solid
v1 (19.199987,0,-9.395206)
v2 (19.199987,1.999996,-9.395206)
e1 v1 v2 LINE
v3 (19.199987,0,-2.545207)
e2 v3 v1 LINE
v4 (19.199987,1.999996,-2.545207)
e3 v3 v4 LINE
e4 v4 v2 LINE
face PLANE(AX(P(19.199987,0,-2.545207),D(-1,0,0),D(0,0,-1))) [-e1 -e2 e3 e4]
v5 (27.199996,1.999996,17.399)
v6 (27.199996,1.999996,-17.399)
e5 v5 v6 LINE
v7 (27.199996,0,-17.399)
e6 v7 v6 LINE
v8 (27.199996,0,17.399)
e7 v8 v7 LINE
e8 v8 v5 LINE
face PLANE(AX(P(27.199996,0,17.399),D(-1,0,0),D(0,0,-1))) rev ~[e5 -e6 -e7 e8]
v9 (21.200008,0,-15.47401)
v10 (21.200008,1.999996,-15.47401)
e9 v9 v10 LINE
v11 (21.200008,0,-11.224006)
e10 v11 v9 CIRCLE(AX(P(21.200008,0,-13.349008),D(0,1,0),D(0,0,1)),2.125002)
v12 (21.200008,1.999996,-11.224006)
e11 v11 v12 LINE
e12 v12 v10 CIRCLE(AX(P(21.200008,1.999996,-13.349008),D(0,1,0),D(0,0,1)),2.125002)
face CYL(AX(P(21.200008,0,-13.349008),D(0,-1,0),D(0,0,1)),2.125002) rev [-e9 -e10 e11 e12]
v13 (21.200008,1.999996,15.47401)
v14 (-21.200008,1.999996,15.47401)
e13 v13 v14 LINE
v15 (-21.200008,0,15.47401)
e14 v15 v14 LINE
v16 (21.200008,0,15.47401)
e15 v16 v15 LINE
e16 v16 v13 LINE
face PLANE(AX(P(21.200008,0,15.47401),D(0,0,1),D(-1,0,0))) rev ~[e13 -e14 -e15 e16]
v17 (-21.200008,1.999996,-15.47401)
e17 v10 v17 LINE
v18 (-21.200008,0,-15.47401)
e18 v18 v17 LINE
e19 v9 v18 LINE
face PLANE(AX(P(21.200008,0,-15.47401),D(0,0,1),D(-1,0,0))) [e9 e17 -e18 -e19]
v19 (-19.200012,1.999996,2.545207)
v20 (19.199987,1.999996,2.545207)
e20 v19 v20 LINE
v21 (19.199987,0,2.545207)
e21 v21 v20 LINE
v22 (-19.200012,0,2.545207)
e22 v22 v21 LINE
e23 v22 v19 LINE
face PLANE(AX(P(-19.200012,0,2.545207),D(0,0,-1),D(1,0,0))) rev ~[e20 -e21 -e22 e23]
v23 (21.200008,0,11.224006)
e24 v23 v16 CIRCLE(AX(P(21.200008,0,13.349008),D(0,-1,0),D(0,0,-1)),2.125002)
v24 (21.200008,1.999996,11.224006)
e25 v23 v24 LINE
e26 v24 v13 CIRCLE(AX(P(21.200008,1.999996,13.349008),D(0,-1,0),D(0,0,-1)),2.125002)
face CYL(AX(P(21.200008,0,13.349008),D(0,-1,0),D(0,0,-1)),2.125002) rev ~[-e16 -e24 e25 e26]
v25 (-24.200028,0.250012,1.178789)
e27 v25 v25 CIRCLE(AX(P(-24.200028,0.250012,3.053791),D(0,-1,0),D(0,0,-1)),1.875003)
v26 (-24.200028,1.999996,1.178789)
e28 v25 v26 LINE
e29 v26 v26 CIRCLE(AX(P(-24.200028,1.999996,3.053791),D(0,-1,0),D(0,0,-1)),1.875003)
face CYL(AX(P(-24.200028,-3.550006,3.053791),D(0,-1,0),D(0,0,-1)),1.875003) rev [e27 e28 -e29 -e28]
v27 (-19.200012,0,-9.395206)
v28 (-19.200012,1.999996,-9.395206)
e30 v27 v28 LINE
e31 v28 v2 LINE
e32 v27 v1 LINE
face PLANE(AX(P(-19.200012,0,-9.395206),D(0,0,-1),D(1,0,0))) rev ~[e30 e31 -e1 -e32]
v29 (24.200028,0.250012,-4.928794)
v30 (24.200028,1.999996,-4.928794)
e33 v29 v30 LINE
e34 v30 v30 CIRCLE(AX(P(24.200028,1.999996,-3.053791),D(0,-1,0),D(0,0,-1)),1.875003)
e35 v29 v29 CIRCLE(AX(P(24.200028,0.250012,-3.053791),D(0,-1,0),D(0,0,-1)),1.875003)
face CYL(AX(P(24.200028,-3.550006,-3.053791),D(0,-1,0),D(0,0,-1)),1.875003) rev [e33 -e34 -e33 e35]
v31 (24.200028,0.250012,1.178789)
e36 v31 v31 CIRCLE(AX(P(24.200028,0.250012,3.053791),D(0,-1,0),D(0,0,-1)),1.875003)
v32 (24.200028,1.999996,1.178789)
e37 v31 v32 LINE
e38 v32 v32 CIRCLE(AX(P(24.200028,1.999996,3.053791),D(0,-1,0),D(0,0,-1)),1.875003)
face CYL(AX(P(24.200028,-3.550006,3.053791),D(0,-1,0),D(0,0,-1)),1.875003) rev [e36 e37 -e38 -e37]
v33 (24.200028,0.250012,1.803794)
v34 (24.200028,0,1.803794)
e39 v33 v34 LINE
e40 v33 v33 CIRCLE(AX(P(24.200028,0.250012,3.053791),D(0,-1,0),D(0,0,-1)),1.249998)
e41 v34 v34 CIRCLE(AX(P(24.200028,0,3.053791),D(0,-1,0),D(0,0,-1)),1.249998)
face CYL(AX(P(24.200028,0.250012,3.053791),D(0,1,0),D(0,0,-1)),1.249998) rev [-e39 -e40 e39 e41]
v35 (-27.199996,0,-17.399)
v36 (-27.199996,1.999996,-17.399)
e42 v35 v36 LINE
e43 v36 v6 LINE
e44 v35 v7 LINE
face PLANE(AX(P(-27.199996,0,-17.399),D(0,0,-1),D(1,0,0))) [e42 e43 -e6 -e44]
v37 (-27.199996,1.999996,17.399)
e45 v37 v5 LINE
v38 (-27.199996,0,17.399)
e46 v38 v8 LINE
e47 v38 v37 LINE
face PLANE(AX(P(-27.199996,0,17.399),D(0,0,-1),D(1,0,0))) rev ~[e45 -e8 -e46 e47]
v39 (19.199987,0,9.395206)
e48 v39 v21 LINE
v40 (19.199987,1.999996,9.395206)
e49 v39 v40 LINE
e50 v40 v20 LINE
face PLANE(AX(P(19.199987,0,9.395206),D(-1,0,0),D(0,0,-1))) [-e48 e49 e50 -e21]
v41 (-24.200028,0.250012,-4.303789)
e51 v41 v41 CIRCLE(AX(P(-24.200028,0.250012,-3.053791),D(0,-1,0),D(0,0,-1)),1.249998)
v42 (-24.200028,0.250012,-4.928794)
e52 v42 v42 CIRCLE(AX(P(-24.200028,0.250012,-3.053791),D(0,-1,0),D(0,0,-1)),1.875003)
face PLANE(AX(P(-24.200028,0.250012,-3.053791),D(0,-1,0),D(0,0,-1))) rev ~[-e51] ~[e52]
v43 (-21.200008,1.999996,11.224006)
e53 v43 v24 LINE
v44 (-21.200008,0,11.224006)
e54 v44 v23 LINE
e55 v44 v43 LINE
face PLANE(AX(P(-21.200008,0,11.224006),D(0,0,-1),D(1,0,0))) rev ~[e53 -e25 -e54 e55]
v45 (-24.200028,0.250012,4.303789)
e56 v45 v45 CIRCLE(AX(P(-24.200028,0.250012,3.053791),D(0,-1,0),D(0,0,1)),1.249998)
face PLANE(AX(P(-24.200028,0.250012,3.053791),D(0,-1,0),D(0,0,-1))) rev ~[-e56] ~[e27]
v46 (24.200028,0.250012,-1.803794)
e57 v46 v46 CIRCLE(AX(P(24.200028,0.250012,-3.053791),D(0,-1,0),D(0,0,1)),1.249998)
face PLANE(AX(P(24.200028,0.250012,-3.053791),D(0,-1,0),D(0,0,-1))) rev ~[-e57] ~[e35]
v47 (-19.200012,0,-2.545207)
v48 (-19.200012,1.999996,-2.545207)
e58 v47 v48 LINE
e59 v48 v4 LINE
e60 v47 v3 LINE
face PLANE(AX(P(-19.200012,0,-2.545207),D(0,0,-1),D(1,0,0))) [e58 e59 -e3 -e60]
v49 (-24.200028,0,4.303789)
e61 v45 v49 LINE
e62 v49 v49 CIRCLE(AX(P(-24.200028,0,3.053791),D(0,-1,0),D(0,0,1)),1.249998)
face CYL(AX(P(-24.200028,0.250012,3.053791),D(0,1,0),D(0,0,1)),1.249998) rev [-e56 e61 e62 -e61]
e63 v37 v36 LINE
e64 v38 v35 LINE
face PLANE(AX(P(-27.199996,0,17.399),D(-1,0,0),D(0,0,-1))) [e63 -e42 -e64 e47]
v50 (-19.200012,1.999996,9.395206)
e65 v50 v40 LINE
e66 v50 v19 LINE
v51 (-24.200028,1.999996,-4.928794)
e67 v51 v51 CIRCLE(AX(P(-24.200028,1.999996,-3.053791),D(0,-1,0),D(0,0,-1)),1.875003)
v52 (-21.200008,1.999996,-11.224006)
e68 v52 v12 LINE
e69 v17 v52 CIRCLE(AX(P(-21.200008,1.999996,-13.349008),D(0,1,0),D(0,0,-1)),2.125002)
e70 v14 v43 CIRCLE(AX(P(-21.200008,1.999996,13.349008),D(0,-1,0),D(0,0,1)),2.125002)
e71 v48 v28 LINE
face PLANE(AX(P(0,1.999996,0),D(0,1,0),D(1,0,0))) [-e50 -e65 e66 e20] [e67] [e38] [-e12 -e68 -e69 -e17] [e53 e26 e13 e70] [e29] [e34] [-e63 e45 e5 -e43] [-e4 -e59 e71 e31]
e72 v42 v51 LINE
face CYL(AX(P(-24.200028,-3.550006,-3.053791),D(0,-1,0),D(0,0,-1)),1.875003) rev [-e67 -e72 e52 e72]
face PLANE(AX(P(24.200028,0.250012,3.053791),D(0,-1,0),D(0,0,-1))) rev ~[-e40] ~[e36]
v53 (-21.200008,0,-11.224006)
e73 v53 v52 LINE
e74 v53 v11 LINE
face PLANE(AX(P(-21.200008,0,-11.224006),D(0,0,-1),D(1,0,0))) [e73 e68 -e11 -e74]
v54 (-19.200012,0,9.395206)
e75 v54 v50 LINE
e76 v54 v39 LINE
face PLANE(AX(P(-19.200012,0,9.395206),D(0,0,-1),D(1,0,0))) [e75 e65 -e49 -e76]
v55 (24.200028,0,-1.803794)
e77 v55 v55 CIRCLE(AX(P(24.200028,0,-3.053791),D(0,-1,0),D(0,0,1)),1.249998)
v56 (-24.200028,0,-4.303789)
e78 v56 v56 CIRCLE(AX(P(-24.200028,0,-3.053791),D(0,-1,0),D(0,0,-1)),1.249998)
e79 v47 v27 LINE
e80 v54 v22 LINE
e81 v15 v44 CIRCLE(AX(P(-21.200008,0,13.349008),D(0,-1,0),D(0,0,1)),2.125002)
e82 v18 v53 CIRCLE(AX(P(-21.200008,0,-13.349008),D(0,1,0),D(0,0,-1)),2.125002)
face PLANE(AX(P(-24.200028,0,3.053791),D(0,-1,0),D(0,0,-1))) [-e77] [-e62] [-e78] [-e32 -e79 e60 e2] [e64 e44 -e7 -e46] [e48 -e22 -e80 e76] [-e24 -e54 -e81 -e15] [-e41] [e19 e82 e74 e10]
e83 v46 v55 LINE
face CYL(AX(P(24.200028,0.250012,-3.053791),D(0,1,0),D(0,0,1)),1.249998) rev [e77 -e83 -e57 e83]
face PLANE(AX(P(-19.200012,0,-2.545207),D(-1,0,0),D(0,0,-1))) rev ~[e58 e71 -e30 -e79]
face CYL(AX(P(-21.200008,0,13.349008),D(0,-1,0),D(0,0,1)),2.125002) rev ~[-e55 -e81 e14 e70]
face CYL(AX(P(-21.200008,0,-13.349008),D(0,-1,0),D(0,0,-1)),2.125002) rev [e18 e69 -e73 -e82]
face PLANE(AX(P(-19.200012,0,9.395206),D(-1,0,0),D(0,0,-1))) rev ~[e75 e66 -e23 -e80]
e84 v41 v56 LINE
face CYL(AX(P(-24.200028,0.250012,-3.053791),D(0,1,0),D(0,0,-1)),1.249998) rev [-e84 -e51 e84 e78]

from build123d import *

# Parameters (mm, degrees)
SKETCH1_W               = 54.3999928
SKETCH1_H               = 34.798
SKETCH1_W_2             = 38.3999994
SKETCH1_H_2             = 6.849999
BOSS_EXTRUDE1_DEPTH     = 1.999996
CUT_EXTRUDE1_DEPTH      = 33.350656704
CUT_EXTRUDE1_DEPTH_BACK = 5.5500016
SKETCH2_R               = 1.8750026
BOSS_EXTRUDE2_START     = -0.2500122
SKETCH3_R               = 1.8750026
SKETCH3_R_2             = 1.2499975
BOSS_EXTRUDE2_DEPTH     = 0.2500122


with BuildPart() as part:
    # Sketch1 → Boss-Extrude1 (new body)
    with BuildSketch(Plane(origin=(0, 0, 0), x_dir=(1, 0, 0), z_dir=(0, 1, 0))):
        Rectangle(SKETCH1_W, SKETCH1_H)
        with BuildLine():
            Line((-21.2000084, -11.224006), (21.2000084, -11.224006))
            ThreePointArc((21.2000084, -11.224006), (23.3250105, -13.3490081), (21.2000084, -15.4740102))
            Line((21.2000084, -15.4740102), (-21.2000084, -15.4740102))
            ThreePointArc((-21.2000084, -15.4740102), (-23.3250105, -13.3490081), (-21.2000084, -11.224006))
        make_face(mode=Mode.SUBTRACT)
        with BuildLine():
            Line((-21.2000084, 11.224006), (21.2000084, 11.224006))
            ThreePointArc((21.2000084, 11.224006), (23.3250105, 13.3490081), (21.2000084, 15.4740102))
            Line((21.2000084, 15.4740102), (-21.2000084, 15.4740102))
            ThreePointArc((-21.2000084, 15.4740102), (-23.3250105, 13.3490081), (-21.2000084, 11.224006))
        make_face(mode=Mode.SUBTRACT)
        with Locations((-1.27e-05, 5.9702065)):
            Rectangle(SKETCH1_W_2, SKETCH1_H_2, mode=Mode.SUBTRACT)
        with Locations((-1.27e-05, -5.9702065)):
            Rectangle(SKETCH1_W_2, SKETCH1_H_2, mode=Mode.SUBTRACT)
    extrude(amount=BOSS_EXTRUDE1_DEPTH)

    # Sketch2 → Cut-Extrude1 (cut, two sides: drawn at the far end of the back side and taken through both)
    with BuildSketch(Plane(origin=(0, 1.999996, 0), x_dir=(1, 0, 0), z_dir=(0, 1, 0)).offset(-CUT_EXTRUDE1_DEPTH_BACK)):
        with Locations(Location((-24.2000278, -3.0537912, 0), (0, 0, 90))):
            Circle(SKETCH2_R)
        with Locations(Location((-24.2000278, 3.0537912, 0), (0, 0, 90))):
            Circle(SKETCH2_R)
        with Locations(Location((24.2000278, 3.0537912, 0), (0, 0, 90))):
            Circle(SKETCH2_R)
        with Locations(Location((24.2000278, -3.0537912, 0), (0, 0, 90))):
            Circle(SKETCH2_R)
    extrude(amount=CUT_EXTRUDE1_DEPTH + CUT_EXTRUDE1_DEPTH_BACK, mode=Mode.SUBTRACT)

    # Sketch3 → Boss-Extrude2 (add)
    # profile 1 of 4: a face of its own
    with BuildSketch(Plane.XZ.offset(BOSS_EXTRUDE2_START)):
        with Locations(Location((-24.2000278, 3.0537912, 0), (0, 0, 270))):
            Circle(SKETCH3_R)
        with Locations(Location((-24.2000278, 3.0537912, 0), (0, 0, 90))):
            Circle(SKETCH3_R_2, mode=Mode.SUBTRACT)
    # profile 2 of 4: a face of its own
    with BuildSketch(Plane.XZ.offset(BOSS_EXTRUDE2_START)):
        with Locations(Location((-24.2000278, -3.0537912, 0), (0, 0, 270))):
            Circle(SKETCH3_R)
        with Locations(Location((-24.2000278, -3.0537912, 0), (0, 0, 270))):
            Circle(SKETCH3_R_2, mode=Mode.SUBTRACT)
    # profile 3 of 4: a face of its own
    with BuildSketch(Plane.XZ.offset(BOSS_EXTRUDE2_START)):
        with Locations(Location((24.2000278, -3.0537912, 0), (0, 0, 270))):
            Circle(SKETCH3_R)
        with Locations(Location((24.2000278, -3.0537912, 0), (0, 0, 90))):
            Circle(SKETCH3_R_2, mode=Mode.SUBTRACT)
    # profile 4 of 4: a face of its own
    with BuildSketch(Plane.XZ.offset(BOSS_EXTRUDE2_START)):
        with Locations(Location((24.2000278, 3.0537912, 0), (0, 0, 270))):
            Circle(SKETCH3_R)
        with Locations(Location((24.2000278, 3.0537912, 0), (0, 0, 270))):
            Circle(SKETCH3_R_2, mode=Mode.SUBTRACT)
    extrude(amount=BOSS_EXTRUDE2_DEPTH)


solid = part.part
